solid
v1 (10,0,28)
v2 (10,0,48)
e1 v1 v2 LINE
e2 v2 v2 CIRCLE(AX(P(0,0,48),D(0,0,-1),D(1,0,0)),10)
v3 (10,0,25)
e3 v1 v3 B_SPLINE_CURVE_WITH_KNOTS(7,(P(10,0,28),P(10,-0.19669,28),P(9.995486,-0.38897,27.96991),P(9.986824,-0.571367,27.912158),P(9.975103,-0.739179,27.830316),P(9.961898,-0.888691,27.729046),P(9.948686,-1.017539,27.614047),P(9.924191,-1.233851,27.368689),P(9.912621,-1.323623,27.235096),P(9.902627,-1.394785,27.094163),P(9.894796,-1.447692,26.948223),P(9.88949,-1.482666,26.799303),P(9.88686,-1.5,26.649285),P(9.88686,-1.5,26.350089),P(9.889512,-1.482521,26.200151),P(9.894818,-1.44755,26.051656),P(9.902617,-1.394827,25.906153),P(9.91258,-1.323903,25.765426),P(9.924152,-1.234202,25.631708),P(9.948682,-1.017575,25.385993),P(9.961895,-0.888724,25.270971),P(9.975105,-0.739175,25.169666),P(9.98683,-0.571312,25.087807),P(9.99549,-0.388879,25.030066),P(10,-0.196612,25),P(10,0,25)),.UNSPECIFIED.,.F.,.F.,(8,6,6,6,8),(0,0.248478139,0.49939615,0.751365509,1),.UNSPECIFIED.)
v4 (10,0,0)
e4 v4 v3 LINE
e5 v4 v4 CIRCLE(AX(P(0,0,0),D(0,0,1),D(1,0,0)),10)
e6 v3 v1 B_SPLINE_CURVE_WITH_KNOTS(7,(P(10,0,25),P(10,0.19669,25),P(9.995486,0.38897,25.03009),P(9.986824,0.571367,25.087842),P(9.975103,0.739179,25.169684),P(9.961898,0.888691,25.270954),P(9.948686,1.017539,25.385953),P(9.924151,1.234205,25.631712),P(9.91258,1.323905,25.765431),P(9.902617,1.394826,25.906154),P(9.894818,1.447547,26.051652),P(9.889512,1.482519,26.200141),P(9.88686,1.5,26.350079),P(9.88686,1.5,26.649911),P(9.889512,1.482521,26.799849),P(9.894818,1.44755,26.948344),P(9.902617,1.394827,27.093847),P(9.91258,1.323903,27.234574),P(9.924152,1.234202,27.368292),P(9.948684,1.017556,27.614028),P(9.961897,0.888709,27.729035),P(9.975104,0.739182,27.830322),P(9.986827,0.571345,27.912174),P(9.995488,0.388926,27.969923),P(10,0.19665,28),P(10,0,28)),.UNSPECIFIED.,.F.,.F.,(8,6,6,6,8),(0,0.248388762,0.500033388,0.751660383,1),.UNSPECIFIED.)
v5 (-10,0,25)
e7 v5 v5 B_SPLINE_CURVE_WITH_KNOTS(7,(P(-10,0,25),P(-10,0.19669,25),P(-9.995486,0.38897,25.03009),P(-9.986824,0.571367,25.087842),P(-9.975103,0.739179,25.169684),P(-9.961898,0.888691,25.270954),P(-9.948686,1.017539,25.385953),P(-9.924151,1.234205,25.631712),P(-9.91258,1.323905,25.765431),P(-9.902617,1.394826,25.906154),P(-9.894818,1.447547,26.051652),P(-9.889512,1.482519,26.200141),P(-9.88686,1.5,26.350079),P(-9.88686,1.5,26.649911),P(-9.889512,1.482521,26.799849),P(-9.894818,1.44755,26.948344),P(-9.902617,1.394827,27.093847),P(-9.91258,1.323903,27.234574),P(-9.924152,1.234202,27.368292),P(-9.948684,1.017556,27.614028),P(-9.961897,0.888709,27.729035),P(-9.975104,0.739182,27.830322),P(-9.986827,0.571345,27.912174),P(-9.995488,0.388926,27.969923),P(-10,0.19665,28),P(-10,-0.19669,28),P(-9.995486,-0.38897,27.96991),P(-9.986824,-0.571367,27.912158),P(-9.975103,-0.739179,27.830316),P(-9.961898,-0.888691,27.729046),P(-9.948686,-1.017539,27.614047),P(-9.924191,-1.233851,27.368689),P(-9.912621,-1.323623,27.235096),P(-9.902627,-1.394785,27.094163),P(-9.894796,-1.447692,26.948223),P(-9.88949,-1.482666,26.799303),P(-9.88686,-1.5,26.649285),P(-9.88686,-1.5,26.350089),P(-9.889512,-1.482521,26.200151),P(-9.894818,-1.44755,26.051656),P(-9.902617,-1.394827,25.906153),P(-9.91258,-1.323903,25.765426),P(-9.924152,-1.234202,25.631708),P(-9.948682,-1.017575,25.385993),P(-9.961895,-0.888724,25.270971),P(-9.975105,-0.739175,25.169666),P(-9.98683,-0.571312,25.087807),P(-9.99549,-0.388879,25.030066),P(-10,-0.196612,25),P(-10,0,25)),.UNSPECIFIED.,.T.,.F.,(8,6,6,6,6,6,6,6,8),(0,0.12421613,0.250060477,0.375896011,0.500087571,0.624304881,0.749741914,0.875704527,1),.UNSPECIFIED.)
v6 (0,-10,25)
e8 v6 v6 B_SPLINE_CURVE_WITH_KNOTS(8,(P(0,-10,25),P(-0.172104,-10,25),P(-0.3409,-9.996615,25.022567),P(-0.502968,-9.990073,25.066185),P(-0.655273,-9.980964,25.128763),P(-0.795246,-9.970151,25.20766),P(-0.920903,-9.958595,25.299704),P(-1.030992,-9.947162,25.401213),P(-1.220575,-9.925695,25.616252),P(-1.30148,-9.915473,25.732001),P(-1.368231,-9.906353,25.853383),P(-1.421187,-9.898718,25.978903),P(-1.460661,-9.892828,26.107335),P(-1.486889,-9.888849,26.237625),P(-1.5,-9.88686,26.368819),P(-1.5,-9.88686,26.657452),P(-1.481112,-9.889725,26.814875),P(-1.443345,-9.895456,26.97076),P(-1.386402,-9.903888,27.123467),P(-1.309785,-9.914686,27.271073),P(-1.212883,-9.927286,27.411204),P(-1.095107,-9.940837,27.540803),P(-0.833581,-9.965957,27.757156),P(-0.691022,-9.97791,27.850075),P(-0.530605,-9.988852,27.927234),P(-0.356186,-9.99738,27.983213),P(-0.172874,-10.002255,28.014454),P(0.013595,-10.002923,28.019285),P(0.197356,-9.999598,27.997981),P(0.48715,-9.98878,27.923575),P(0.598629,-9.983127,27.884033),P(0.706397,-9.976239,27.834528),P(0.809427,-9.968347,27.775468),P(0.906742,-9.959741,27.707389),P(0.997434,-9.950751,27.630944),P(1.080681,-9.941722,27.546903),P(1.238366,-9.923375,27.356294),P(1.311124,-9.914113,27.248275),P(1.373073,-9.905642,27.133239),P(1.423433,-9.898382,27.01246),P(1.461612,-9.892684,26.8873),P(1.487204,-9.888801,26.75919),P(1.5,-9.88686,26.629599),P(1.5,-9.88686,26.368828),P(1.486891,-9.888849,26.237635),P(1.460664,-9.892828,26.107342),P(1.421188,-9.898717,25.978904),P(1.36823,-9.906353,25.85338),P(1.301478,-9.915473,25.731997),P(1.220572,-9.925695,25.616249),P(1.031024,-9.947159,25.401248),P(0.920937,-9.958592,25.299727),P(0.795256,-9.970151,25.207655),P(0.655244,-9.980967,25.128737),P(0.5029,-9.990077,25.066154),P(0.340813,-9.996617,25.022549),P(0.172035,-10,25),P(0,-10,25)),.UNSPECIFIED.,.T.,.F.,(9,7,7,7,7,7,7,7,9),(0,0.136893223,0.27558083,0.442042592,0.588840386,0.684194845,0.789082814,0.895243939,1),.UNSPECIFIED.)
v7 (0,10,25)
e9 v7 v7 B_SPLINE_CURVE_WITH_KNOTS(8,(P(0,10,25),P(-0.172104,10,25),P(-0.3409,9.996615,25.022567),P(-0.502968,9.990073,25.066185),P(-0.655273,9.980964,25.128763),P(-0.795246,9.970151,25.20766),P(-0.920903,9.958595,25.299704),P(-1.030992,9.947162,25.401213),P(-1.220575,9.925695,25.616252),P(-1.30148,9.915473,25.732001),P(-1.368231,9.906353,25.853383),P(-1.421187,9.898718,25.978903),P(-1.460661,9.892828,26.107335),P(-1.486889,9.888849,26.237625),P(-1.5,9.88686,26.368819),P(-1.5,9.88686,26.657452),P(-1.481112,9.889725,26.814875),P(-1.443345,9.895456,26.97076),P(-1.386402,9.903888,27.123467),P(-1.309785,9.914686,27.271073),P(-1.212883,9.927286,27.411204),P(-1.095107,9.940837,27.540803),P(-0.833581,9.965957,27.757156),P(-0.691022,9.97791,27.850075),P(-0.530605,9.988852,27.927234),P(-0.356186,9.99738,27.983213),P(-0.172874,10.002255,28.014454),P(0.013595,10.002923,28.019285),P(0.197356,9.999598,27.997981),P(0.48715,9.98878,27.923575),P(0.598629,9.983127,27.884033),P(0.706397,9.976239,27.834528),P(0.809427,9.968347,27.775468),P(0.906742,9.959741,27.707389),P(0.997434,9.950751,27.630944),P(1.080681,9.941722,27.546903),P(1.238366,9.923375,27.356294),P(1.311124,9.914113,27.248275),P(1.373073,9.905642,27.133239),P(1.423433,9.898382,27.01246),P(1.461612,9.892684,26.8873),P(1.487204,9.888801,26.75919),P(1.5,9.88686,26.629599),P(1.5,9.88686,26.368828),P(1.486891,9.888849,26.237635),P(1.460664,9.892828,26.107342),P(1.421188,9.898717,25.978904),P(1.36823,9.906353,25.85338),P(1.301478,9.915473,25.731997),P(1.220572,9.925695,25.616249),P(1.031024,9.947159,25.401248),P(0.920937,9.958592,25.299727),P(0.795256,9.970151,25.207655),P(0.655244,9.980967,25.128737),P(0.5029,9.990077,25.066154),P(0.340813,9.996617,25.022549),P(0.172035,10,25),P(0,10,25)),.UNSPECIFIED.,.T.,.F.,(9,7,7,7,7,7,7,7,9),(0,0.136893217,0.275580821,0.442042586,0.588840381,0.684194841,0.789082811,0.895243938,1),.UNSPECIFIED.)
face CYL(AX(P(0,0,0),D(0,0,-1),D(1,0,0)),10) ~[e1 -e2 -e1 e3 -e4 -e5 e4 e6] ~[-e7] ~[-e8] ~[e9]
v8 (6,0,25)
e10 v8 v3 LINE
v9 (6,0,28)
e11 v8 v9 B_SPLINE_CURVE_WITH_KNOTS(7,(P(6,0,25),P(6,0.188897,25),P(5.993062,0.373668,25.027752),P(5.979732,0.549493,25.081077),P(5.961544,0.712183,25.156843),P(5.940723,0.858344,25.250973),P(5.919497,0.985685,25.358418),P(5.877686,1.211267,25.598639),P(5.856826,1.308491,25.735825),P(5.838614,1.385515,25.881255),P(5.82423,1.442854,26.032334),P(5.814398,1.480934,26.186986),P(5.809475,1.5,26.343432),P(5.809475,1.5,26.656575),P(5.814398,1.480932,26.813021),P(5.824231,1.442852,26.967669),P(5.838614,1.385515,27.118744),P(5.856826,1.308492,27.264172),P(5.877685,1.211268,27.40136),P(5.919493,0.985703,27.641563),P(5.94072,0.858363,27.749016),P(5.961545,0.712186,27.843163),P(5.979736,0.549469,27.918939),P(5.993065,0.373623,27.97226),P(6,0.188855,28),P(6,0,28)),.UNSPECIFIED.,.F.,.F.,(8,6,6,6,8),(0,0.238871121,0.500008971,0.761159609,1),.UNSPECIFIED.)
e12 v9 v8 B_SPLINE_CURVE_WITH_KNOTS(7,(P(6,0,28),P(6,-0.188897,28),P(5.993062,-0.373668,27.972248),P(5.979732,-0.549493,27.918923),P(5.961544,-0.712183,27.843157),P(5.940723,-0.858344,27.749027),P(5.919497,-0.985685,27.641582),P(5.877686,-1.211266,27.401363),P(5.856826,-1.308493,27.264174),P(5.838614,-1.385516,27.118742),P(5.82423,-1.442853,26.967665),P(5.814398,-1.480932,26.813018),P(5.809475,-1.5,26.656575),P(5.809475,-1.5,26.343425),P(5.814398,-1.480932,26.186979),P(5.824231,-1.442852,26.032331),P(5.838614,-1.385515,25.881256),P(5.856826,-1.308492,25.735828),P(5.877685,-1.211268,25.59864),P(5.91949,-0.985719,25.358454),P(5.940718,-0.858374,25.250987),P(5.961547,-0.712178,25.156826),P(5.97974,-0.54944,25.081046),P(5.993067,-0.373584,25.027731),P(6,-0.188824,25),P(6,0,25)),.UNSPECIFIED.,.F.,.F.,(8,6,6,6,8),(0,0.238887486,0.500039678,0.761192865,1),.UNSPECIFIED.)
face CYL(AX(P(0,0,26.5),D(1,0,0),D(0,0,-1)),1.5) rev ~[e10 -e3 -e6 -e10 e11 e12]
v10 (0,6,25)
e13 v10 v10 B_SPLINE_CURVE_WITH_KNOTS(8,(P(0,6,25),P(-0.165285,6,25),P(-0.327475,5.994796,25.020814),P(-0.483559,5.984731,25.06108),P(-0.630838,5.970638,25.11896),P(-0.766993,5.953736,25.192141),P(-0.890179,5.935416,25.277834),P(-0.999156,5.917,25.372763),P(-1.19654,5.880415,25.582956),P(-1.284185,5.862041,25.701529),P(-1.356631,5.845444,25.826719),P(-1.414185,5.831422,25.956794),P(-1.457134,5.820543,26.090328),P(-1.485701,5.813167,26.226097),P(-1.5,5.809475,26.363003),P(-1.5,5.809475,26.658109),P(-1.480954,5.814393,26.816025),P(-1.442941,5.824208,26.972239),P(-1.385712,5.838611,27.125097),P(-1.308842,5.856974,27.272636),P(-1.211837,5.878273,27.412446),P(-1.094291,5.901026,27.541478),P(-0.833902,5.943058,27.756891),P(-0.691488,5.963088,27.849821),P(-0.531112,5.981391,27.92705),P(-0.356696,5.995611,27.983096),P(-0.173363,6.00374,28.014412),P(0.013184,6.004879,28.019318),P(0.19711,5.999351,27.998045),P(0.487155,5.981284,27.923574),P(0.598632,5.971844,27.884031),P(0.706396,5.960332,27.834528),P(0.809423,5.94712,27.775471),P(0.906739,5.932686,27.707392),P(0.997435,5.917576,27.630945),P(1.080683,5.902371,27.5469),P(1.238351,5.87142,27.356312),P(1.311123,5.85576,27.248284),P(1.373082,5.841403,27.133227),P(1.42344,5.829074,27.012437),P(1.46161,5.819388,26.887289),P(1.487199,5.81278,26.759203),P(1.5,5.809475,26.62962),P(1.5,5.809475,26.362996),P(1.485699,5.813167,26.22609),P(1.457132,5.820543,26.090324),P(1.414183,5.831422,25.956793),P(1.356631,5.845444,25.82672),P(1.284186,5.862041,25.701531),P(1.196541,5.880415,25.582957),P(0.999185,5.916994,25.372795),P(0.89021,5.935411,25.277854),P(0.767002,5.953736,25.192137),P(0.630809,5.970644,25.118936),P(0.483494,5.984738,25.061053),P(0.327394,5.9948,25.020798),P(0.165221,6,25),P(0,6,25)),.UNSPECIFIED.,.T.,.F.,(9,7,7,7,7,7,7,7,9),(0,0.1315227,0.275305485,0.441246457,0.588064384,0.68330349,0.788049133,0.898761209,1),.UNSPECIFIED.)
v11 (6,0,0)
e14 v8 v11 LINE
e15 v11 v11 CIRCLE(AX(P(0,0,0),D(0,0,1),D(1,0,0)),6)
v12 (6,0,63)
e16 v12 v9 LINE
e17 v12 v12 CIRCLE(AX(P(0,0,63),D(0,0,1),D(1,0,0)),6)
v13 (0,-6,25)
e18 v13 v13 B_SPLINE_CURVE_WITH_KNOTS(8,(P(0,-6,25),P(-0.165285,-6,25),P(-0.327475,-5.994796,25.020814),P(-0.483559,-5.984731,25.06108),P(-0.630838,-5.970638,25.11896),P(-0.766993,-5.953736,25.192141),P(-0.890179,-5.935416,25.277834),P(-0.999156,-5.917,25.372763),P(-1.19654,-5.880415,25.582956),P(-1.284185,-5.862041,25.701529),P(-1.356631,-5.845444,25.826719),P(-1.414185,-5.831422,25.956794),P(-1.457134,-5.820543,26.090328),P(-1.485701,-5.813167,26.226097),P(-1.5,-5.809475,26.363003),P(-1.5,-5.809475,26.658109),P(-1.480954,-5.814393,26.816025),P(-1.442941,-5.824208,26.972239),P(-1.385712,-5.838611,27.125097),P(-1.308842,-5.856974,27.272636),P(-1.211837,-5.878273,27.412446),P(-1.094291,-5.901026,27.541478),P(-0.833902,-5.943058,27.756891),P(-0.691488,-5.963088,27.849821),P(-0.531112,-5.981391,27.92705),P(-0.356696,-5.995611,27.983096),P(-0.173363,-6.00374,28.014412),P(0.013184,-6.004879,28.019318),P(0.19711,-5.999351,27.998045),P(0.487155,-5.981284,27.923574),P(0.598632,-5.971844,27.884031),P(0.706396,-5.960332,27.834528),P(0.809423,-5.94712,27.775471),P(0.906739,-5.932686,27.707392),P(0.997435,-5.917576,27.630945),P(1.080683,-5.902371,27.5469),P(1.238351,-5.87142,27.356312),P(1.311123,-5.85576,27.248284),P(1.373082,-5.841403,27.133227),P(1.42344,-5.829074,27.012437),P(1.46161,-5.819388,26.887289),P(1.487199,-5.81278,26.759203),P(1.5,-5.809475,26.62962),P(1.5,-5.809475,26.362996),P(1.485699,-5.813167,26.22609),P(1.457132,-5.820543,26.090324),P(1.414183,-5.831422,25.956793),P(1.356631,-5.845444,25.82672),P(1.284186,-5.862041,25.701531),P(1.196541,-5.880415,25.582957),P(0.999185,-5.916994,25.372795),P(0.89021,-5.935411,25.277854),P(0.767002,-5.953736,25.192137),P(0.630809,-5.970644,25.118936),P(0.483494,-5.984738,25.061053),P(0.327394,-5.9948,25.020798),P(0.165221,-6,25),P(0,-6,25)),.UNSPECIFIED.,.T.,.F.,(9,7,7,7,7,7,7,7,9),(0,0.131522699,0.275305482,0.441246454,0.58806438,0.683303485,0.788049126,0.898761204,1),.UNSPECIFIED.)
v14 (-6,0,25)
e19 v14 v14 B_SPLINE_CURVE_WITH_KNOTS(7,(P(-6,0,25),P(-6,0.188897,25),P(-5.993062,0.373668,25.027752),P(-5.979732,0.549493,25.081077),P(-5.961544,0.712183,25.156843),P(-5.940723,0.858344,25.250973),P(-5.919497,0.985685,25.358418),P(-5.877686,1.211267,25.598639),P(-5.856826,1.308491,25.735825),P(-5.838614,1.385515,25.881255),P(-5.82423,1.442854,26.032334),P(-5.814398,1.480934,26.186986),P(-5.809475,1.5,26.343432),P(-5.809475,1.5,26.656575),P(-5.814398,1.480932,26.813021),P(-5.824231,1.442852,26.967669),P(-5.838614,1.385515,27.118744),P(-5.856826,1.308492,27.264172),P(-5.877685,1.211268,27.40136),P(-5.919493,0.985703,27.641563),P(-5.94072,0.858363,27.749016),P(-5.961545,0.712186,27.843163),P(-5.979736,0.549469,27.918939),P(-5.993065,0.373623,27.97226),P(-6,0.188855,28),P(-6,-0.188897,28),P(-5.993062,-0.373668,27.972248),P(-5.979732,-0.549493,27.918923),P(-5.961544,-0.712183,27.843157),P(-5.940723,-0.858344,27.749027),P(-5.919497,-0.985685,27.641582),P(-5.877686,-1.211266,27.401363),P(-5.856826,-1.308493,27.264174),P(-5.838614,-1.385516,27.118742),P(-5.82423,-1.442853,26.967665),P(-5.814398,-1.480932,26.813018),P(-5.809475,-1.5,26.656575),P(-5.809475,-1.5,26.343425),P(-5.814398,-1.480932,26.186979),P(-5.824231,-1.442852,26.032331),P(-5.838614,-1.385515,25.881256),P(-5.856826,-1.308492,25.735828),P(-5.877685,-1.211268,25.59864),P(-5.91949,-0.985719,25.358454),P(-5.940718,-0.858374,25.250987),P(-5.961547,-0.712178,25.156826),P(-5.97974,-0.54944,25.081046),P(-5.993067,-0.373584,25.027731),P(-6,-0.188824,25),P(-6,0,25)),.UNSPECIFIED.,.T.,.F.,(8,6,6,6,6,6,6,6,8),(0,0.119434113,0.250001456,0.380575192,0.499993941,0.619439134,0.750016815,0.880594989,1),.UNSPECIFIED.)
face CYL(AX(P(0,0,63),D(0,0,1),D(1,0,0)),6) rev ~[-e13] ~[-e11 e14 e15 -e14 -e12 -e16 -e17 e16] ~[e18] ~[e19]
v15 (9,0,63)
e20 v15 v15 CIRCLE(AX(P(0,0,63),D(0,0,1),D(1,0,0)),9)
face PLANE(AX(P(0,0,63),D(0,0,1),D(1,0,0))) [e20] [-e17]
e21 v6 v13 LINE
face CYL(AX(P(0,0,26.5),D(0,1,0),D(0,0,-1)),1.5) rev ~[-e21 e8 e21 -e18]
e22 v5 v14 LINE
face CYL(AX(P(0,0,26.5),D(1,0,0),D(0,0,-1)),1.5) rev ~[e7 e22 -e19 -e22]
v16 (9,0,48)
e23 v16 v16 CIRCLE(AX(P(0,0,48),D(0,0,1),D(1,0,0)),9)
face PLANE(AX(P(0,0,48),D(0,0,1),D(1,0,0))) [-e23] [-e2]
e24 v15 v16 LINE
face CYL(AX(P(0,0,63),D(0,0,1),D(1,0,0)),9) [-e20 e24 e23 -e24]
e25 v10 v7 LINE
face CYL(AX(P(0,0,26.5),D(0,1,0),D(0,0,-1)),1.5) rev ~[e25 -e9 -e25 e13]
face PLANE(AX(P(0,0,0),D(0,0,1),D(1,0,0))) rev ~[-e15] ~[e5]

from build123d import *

# Parameters (mm, degrees)
SKETCH_1_R               = 10
EXTRUDE_1_DEPTH          = 63
SKETCH_2_OUTSIDE_W       = 35.812
SKETCH_2_OUTSIDE_H       = 35.812
SKETCH_2_OUTSIDE_R       = 9
CUT_EXTRUDE_1_DEPTH      = 15
SKETCH_3_R               = 6
CUT_EXTRUDE_2_DEPTH      = 65.567793829
SKETCH_4_R               = 1.5
CUT_EXTRUDE_3_DEPTH      = 65.567793829
PATTERN_CIRCULAR_1_COUNT = 2
PATTERN_CIRCULAR_1_ANGLE = 90


with BuildPart() as part:
    # 草图1 → 凸台-拉伸1 (new body)
    with BuildSketch(Plane.XY):
        Circle(SKETCH_1_R)
    extrude(amount=EXTRUDE_1_DEPTH)

    # 草图2 outside → 切除-拉伸1 (cut)
    with BuildSketch(Plane.XY.offset(63)):
        Rectangle(SKETCH_2_OUTSIDE_W, SKETCH_2_OUTSIDE_H)
        Circle(SKETCH_2_OUTSIDE_R, mode=Mode.SUBTRACT)
    extrude(amount=-CUT_EXTRUDE_1_DEPTH, mode=Mode.SUBTRACT)

    # 草图3 → 切除-拉伸2 (cut, through all)
    with BuildSketch(Plane.XY.offset(63)):
        Circle(SKETCH_3_R)
    extrude(amount=-CUT_EXTRUDE_2_DEPTH, mode=Mode.SUBTRACT)

    # 草图4 → 切除-拉伸3 (cut, symmetric)
    with BuildSketch(Plane(origin=(0, 0, 0), x_dir=(0, 0, -1), z_dir=(1, 0, 0))):
        with Locations((-26.5, 0)):
            Circle(SKETCH_4_R)
    cut_extrude_3 = extrude(amount=CUT_EXTRUDE_3_DEPTH, both=True, mode=Mode.SUBTRACT)

    # 阵列(圆周)1: 切除-拉伸3 ×2 about axis
    pattern_circular_1_axis = Axis((0, 0, 63), (0, 0, 1))
    for i in range(1, PATTERN_CIRCULAR_1_COUNT):
        add(cut_extrude_3.rotate(pattern_circular_1_axis, i * PATTERN_CIRCULAR_1_ANGLE / (PATTERN_CIRCULAR_1_COUNT - 1)), mode=Mode.SUBTRACT)


solid = part.part
